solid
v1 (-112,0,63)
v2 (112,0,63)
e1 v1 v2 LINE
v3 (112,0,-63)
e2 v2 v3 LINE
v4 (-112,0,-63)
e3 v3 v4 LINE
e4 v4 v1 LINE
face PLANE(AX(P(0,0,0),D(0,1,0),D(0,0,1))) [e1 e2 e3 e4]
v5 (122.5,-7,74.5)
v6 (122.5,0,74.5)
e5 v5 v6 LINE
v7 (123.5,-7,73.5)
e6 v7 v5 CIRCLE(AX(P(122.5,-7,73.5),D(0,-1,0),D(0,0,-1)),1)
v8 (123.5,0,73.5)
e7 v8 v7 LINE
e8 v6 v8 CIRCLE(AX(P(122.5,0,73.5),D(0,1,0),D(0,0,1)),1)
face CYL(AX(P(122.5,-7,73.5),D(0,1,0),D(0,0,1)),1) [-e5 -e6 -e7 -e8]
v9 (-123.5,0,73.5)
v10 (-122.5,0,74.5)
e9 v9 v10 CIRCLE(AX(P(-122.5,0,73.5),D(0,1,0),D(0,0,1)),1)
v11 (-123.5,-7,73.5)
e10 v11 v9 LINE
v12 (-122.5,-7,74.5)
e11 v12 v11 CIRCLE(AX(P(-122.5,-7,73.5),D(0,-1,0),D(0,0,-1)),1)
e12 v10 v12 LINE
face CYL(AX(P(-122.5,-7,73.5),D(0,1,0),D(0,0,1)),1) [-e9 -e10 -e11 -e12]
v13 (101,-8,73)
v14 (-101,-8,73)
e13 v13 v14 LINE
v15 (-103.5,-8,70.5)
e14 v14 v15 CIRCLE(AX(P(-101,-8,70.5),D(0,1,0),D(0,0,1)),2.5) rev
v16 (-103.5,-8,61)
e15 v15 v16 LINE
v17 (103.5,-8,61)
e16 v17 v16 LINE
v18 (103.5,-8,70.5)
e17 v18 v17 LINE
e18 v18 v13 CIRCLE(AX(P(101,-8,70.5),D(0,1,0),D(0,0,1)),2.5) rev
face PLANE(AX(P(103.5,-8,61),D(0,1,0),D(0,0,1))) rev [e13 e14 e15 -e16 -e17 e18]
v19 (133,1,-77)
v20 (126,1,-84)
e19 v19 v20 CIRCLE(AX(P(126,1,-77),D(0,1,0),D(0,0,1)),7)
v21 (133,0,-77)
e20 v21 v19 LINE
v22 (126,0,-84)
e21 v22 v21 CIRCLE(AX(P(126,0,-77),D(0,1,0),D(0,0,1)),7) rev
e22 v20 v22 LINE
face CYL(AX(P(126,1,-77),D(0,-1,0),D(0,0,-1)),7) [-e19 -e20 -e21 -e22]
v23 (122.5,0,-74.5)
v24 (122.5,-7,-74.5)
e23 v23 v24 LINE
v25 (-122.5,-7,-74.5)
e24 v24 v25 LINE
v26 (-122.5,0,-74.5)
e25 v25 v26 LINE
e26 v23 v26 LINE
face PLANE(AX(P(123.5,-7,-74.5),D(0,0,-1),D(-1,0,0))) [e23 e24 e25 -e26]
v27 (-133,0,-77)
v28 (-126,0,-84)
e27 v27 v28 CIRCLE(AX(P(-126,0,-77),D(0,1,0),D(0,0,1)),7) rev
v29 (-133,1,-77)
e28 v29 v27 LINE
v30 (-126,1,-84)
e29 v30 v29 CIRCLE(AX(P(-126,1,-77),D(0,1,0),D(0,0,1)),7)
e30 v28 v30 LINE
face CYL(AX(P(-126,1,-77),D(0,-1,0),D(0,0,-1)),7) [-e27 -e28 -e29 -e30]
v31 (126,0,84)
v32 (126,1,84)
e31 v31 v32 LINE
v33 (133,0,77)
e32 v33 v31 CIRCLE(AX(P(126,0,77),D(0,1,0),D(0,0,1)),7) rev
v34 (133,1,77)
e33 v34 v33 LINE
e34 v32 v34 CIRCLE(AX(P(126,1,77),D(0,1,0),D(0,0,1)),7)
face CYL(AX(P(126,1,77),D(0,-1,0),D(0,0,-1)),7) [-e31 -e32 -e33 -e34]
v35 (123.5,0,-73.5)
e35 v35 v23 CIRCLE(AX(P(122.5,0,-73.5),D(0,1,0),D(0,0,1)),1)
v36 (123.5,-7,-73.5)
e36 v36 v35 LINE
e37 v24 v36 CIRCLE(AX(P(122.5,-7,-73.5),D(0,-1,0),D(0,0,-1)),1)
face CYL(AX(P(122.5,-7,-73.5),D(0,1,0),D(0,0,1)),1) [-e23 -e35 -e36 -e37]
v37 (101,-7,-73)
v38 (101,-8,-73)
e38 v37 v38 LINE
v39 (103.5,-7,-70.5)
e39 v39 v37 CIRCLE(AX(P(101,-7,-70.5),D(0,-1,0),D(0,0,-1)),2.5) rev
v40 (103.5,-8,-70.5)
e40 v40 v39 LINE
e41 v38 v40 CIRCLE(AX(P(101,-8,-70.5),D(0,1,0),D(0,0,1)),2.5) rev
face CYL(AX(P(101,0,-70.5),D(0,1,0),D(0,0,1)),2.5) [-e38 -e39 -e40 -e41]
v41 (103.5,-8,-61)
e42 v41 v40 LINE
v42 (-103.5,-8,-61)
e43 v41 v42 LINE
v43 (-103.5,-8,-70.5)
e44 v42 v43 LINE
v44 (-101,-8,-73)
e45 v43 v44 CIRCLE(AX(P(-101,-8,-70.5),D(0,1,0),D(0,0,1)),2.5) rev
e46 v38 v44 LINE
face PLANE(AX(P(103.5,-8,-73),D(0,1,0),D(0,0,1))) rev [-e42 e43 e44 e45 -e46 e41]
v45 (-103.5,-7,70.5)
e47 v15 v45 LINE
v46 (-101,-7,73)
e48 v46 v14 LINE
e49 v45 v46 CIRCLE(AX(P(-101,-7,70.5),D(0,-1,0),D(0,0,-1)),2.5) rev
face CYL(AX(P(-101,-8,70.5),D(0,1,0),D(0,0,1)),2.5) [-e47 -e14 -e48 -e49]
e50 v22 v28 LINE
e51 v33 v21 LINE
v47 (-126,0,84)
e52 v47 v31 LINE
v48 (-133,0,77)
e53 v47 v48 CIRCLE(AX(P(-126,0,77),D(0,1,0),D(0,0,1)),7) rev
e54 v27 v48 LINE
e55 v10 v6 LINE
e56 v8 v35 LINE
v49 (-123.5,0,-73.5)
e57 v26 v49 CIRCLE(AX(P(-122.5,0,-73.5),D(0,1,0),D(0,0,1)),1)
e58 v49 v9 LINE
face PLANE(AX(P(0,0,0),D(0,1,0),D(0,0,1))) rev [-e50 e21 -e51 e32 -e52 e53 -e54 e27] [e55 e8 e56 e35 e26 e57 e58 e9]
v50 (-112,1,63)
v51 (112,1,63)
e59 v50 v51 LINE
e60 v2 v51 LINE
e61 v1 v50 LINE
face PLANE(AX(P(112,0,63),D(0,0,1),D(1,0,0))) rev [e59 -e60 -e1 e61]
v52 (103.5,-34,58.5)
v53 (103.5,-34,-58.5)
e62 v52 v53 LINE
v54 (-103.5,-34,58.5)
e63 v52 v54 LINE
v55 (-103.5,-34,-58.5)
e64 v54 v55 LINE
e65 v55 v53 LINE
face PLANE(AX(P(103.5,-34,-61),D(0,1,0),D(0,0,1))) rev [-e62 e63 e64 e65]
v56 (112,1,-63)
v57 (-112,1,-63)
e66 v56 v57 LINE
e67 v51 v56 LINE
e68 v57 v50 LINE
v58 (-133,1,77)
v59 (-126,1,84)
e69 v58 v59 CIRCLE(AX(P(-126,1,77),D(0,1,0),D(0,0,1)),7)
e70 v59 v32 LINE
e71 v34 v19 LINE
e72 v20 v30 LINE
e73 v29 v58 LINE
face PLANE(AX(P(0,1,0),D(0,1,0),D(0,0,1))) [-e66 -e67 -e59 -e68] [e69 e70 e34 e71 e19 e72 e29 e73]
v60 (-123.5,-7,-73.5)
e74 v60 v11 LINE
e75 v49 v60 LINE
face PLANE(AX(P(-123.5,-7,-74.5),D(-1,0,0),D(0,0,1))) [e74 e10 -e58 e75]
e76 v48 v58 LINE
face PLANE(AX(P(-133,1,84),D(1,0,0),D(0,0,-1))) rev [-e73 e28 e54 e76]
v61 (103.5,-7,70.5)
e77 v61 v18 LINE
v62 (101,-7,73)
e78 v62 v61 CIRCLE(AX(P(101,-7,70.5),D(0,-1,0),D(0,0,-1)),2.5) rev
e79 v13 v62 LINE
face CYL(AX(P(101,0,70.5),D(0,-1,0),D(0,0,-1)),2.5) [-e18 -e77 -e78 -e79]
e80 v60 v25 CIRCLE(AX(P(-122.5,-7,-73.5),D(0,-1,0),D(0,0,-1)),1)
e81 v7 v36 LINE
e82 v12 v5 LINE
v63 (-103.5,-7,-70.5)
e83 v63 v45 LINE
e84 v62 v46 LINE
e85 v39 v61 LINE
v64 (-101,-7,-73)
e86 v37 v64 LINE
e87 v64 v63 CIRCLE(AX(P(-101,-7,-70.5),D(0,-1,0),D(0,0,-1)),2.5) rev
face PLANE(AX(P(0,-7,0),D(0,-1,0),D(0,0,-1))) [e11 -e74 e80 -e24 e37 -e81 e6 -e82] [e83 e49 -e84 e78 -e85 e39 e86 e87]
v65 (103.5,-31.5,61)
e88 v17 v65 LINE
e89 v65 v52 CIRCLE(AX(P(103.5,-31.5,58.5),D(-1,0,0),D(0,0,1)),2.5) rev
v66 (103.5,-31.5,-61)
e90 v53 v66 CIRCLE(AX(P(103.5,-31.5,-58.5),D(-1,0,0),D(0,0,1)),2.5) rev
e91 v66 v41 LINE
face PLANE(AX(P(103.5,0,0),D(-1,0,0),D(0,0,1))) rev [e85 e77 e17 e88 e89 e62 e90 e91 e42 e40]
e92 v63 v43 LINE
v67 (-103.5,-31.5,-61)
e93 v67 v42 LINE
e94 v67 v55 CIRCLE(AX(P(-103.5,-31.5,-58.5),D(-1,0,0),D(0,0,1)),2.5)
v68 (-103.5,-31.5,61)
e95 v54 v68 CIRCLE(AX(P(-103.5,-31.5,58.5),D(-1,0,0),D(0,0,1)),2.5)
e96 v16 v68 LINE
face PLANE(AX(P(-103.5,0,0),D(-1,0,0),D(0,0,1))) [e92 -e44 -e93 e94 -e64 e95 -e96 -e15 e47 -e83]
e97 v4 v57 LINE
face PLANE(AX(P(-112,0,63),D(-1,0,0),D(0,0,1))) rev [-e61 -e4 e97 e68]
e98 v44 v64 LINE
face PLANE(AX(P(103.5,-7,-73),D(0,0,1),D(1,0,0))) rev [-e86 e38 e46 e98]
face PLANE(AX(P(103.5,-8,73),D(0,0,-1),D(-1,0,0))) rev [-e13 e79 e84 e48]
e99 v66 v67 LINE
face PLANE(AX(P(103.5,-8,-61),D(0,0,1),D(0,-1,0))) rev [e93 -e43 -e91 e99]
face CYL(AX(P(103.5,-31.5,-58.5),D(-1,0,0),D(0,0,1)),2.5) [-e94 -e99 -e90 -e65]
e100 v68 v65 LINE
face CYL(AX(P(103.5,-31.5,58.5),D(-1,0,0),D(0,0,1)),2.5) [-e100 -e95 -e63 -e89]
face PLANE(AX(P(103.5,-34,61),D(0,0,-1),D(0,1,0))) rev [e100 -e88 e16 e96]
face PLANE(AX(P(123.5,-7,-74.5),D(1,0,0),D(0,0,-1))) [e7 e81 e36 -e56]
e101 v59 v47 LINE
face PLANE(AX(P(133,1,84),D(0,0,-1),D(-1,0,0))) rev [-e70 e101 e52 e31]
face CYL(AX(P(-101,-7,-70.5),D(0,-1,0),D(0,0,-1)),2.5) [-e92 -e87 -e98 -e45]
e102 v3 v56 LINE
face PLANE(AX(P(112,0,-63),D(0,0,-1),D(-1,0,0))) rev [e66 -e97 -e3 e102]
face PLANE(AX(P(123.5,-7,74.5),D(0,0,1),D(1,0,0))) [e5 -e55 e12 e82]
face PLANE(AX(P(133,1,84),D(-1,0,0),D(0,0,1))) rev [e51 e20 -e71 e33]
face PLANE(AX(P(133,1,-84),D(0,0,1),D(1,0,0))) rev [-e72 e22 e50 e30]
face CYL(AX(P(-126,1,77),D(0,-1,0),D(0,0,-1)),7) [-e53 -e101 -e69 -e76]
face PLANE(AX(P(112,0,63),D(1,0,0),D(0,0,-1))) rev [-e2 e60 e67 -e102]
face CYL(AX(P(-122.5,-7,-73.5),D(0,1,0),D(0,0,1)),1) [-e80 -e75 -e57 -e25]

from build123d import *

# Parameters (mm, degrees)
SKETCH1_W           = 266
SKETCH1_H           = 168
BOSS_EXTRUDE1_DEPTH = 1
SKETCH2_W           = 247
SKETCH2_H           = 149
BOSS_EXTRUDE2_DEPTH = 7
BOSS_EXTRUDE3_DEPTH = 103.5
FILLET1_R           = 7
FILLET2_R           = 1
FILLET3_R           = 2.5
SKETCH4_W           = 224
SKETCH4_H           = 126
CUT_EXTRUDE1_DEPTH  = 1


with BuildPart() as part:
    # Sketch1 → Boss-Extrude1 (new body)
    with BuildSketch(Plane(origin=(0, 0, 0), x_dir=(1, 0, 0), z_dir=(0, 1, 0))):
        Rectangle(SKETCH1_W, SKETCH1_H)
    extrude(amount=BOSS_EXTRUDE1_DEPTH)

    # Sketch2 → Boss-Extrude2 (add)
    with BuildSketch(Plane(origin=(0, 0, 0), x_dir=(1, 0, 0), z_dir=(0, 1, 0))):
        Rectangle(SKETCH2_W, SKETCH2_H)
    extrude(amount=-BOSS_EXTRUDE2_DEPTH)

    # Sketch3 → Boss-Extrude3 (add, symmetric)
    with BuildSketch(Plane(origin=(0, 0, 0), x_dir=(0, 0, -1), z_dir=(1, 0, 0))):
        Polygon((-73, -7), (73, -7), (73, -8), (61, -8), (61, -34), (-61, -34), (-61, -8), (-73, -8), align=None)
    extrude(amount=BOSS_EXTRUDE3_DEPTH, both=True)

    # Fillet1
    fillet1_edges = [part.edges().sort_by_distance(p)[0] for p in [
        (-133, 0.5, -84),
        (133, 0.5, -84),
        (133, 0.5, 84),
        (-133, 0.5, 84),
    ]]
    fillet(fillet1_edges, radius=FILLET1_R)

    # Fillet2
    fillet2_edges = [part.edges().sort_by_distance(p)[0] for p in [
        (-123.5, -3.5, 74.5),
        (-123.5, -3.5, -74.5),
        (123.5, -3.5, -74.5),
        (123.5, -3.5, 74.5),
    ]]
    fillet(fillet2_edges, radius=FILLET2_R)

    # Fillet3
    fillet3_edges = [part.edges().sort_by_distance(p)[0] for p in [
        (-103.5, -7.5, 73),
        (0, -34, 61),
        (0, -34, -61),
        (-103.5, -7.5, -73),
        (103.5, -7.5, 73),
        (103.5, -7.5, -73),
    ]]
    fillet(fillet3_edges, radius=FILLET3_R)

    # Sketch4 → Cut-Extrude1 (cut)
    with BuildSketch(Plane(origin=(0, 1, 0), x_dir=(1, 0, 0), z_dir=(0, 1, 0))):
        Rectangle(SKETCH4_W, SKETCH4_H)
    extrude(amount=-CUT_EXTRUDE1_DEPTH, mode=Mode.SUBTRACT)


solid = part.part
